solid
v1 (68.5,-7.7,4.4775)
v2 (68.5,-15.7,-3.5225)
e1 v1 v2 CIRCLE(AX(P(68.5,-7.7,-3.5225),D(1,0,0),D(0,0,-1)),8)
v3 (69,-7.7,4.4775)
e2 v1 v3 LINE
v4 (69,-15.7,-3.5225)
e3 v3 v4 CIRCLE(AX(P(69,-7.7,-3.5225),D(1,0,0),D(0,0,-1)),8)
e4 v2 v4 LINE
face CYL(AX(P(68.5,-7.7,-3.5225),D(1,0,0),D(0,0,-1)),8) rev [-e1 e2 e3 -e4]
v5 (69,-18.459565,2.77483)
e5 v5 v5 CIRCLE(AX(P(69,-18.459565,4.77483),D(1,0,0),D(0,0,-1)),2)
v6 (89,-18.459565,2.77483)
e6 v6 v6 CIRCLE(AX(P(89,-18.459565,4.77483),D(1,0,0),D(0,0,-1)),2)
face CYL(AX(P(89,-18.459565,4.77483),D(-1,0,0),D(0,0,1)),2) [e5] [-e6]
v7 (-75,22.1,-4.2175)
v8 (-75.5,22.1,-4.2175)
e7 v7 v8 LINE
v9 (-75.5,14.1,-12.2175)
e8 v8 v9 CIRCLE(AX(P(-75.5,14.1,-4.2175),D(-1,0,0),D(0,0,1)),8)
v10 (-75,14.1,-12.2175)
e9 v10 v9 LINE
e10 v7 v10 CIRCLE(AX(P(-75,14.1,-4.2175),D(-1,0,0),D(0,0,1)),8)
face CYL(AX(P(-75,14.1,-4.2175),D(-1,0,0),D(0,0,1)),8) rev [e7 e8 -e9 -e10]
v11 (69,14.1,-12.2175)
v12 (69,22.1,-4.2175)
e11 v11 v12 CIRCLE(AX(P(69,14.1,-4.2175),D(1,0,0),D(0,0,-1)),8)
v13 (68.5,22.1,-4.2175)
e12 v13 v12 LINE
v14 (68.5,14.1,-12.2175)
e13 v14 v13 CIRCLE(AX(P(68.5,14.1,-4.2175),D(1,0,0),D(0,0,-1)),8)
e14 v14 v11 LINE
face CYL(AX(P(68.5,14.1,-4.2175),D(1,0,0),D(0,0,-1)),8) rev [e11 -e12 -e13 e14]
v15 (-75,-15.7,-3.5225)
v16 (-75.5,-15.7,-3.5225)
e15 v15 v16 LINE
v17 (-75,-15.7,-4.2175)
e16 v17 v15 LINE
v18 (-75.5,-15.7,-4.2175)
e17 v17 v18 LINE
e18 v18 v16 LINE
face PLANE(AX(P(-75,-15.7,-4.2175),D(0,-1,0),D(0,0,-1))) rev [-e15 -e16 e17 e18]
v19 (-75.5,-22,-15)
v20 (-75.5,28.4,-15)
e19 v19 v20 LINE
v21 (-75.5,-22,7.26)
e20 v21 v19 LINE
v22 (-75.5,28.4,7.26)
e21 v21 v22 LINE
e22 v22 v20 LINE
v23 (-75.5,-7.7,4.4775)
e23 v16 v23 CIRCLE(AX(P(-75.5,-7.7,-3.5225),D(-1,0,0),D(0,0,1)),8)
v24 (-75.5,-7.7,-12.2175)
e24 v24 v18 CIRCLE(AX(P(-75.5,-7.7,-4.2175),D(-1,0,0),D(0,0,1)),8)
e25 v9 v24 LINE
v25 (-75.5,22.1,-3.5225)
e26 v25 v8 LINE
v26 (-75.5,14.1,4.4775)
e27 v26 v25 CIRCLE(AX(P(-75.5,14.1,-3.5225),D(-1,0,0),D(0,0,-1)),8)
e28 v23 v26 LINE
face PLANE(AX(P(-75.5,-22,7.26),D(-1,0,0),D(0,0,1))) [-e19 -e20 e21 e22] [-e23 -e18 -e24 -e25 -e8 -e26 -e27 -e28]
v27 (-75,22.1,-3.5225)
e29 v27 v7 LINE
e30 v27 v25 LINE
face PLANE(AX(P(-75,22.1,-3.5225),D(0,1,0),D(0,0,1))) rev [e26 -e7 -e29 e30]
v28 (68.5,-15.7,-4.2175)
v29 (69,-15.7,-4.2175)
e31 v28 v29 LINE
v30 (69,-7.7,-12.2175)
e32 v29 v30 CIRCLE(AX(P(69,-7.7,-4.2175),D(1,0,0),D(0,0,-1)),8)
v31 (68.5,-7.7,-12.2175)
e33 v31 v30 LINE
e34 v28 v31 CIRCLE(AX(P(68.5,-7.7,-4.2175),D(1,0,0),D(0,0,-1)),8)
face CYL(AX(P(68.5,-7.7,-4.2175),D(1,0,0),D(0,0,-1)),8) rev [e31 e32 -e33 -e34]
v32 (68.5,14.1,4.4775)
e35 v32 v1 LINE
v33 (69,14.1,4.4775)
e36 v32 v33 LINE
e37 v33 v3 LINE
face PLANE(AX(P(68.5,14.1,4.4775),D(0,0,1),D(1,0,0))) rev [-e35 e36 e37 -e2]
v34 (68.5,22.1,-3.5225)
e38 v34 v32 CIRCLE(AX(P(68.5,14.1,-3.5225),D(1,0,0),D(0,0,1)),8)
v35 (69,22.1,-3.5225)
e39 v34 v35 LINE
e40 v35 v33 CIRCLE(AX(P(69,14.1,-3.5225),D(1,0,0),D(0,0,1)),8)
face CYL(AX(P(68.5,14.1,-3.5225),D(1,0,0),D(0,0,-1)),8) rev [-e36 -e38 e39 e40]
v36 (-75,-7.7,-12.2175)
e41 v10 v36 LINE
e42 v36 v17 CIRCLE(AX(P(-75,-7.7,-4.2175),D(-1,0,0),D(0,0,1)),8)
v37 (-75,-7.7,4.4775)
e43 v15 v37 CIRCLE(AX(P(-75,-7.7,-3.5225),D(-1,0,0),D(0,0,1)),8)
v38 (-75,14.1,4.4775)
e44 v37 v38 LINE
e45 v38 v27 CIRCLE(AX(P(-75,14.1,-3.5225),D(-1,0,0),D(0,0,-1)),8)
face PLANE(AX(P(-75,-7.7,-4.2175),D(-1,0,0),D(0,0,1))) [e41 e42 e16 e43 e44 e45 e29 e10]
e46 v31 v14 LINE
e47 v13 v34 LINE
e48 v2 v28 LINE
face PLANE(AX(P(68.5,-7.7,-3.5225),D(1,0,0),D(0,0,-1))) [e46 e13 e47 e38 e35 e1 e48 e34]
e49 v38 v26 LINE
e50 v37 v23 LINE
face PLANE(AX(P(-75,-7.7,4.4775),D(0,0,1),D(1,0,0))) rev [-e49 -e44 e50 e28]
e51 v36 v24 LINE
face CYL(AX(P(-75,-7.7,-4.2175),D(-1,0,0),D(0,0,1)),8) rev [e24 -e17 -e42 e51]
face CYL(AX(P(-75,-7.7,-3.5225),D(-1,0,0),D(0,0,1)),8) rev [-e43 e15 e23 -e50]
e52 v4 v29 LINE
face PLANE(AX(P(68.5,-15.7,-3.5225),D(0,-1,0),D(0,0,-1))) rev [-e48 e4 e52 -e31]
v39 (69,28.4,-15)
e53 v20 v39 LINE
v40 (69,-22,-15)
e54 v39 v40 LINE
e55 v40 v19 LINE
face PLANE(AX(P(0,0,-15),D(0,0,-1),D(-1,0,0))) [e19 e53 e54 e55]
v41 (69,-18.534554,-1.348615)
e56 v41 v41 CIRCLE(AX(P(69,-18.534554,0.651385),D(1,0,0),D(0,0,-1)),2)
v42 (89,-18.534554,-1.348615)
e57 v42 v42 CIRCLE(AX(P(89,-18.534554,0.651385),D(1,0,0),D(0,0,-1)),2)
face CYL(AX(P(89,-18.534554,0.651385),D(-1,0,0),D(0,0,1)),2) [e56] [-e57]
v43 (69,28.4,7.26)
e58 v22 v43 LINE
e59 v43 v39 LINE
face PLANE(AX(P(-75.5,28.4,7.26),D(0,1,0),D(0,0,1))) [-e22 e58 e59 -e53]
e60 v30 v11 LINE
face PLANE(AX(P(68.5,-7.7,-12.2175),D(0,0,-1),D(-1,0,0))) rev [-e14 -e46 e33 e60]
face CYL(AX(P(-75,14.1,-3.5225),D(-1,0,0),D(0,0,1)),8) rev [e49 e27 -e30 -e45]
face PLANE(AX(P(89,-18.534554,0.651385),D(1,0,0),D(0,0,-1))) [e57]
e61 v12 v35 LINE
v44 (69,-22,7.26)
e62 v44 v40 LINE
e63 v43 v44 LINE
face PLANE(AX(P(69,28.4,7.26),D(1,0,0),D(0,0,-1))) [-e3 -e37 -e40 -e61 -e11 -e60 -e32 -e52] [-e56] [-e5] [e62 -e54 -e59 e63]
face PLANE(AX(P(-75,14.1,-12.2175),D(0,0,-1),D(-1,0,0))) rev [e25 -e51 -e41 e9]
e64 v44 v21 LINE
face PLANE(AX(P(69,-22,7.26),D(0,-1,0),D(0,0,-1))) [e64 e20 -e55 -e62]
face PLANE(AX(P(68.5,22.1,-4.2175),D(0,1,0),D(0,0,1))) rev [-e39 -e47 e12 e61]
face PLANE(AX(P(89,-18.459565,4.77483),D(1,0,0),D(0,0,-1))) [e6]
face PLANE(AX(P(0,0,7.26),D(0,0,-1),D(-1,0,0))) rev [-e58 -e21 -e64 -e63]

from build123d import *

# Parameters (mm, degrees)
SKETCH1_W           = 144.5
SKETCH1_H           = 50.4
BOSS_EXTRUDE1_DEPTH = 22.26
CUT_EXTRUDE1_DEPTH  = 0.5
CUT_EXTRUDE2_START  = -0.5
CUT_EXTRUDE2_DEPTH  = 0.5
SKETCH5_R           = 2
BOSS_EXTRUDE2_DEPTH = 20
SKETCH6_R           = 2
BOSS_EXTRUDE3_DEPTH = 20


with BuildPart() as part:
    # Sketch1 → Boss-Extrude1 (new body)
    with BuildSketch(Plane(origin=(0, 0, -15), x_dir=(-1, 0, 0), z_dir=(0, 0, -1))):
        with Locations((3.25, 3.2)):
            Rectangle(SKETCH1_W, SKETCH1_H)
    extrude(amount=-BOSS_EXTRUDE1_DEPTH)

    # Sketch2 → Cut-Extrude1 (cut)
    with BuildSketch(Plane(origin=(69, 0, 0), x_dir=(0, 0, -1), z_dir=(1, 0, 0))):
        with BuildLine():
            Line((-4.4775, 14.1), (-4.4775, -7.7))
            ThreePointArc((-4.4775, -7.7), (-2.134354249, -13.356854249), (3.5225, -15.7))
            Line((3.5225, -15.7), (4.2175, -15.7))
            ThreePointArc((4.2175, -15.7), (9.874354249, -13.356854249), (12.2175, -7.7))
            Line((12.2175, -7.7), (12.2175, 14.1))
            ThreePointArc((12.2175, 14.1), (9.874354249, 19.756854249), (4.2175, 22.1))
            Line((4.2175, 22.1), (3.5225, 22.1))
            ThreePointArc((3.5225, 22.1), (-2.134354249, 19.756854249), (-4.4775, 14.1))
        make_face()
    extrude(amount=-CUT_EXTRUDE1_DEPTH, mode=Mode.SUBTRACT)

    # Sketch3 → Cut-Extrude2 (cut)
    with BuildSketch(Plane.ZY.offset(75.5).offset(CUT_EXTRUDE2_START)):
        with BuildLine():
            Line((-3.5225, 22.1), (-4.2175, 22.1))
            ThreePointArc((-4.2175, 22.1), (-9.874354249, 19.756854249), (-12.2175, 14.1))
            Line((-12.2175, 14.1), (-12.2175, -7.7))
            ThreePointArc((-12.2175, -7.7), (-9.874354249, -13.356854249), (-4.2175, -15.7))
            Line((-4.2175, -15.7), (-3.5225, -15.7))
            ThreePointArc((-3.5225, -15.7), (2.134354249, -13.356854249), (4.4775, -7.7))
            Line((4.4775, -7.7), (4.4775, 14.1))
            ThreePointArc((4.4775, 14.1), (2.134354249, 19.756854249), (-3.5225, 22.1))
        make_face()
    extrude(amount=CUT_EXTRUDE2_DEPTH, mode=Mode.SUBTRACT)

    # Sketch5 → Boss-Extrude2 (add)
    with BuildSketch(Plane(origin=(69, 0, 0), x_dir=(0, 0, -1), z_dir=(1, 0, 0))):
        with Locations((-0.651385293, -18.534553966)):
            Circle(SKETCH5_R)
    extrude(amount=BOSS_EXTRUDE2_DEPTH)

    # Sketch6 → Boss-Extrude3 (add)
    with BuildSketch(Plane(origin=(69, 0, 0), x_dir=(0, 0, -1), z_dir=(1, 0, 0))):
        with Locations((-4.774830425, -18.459565293)):
            Circle(SKETCH6_R)
    extrude(amount=BOSS_EXTRUDE3_DEPTH)


solid = part.part
